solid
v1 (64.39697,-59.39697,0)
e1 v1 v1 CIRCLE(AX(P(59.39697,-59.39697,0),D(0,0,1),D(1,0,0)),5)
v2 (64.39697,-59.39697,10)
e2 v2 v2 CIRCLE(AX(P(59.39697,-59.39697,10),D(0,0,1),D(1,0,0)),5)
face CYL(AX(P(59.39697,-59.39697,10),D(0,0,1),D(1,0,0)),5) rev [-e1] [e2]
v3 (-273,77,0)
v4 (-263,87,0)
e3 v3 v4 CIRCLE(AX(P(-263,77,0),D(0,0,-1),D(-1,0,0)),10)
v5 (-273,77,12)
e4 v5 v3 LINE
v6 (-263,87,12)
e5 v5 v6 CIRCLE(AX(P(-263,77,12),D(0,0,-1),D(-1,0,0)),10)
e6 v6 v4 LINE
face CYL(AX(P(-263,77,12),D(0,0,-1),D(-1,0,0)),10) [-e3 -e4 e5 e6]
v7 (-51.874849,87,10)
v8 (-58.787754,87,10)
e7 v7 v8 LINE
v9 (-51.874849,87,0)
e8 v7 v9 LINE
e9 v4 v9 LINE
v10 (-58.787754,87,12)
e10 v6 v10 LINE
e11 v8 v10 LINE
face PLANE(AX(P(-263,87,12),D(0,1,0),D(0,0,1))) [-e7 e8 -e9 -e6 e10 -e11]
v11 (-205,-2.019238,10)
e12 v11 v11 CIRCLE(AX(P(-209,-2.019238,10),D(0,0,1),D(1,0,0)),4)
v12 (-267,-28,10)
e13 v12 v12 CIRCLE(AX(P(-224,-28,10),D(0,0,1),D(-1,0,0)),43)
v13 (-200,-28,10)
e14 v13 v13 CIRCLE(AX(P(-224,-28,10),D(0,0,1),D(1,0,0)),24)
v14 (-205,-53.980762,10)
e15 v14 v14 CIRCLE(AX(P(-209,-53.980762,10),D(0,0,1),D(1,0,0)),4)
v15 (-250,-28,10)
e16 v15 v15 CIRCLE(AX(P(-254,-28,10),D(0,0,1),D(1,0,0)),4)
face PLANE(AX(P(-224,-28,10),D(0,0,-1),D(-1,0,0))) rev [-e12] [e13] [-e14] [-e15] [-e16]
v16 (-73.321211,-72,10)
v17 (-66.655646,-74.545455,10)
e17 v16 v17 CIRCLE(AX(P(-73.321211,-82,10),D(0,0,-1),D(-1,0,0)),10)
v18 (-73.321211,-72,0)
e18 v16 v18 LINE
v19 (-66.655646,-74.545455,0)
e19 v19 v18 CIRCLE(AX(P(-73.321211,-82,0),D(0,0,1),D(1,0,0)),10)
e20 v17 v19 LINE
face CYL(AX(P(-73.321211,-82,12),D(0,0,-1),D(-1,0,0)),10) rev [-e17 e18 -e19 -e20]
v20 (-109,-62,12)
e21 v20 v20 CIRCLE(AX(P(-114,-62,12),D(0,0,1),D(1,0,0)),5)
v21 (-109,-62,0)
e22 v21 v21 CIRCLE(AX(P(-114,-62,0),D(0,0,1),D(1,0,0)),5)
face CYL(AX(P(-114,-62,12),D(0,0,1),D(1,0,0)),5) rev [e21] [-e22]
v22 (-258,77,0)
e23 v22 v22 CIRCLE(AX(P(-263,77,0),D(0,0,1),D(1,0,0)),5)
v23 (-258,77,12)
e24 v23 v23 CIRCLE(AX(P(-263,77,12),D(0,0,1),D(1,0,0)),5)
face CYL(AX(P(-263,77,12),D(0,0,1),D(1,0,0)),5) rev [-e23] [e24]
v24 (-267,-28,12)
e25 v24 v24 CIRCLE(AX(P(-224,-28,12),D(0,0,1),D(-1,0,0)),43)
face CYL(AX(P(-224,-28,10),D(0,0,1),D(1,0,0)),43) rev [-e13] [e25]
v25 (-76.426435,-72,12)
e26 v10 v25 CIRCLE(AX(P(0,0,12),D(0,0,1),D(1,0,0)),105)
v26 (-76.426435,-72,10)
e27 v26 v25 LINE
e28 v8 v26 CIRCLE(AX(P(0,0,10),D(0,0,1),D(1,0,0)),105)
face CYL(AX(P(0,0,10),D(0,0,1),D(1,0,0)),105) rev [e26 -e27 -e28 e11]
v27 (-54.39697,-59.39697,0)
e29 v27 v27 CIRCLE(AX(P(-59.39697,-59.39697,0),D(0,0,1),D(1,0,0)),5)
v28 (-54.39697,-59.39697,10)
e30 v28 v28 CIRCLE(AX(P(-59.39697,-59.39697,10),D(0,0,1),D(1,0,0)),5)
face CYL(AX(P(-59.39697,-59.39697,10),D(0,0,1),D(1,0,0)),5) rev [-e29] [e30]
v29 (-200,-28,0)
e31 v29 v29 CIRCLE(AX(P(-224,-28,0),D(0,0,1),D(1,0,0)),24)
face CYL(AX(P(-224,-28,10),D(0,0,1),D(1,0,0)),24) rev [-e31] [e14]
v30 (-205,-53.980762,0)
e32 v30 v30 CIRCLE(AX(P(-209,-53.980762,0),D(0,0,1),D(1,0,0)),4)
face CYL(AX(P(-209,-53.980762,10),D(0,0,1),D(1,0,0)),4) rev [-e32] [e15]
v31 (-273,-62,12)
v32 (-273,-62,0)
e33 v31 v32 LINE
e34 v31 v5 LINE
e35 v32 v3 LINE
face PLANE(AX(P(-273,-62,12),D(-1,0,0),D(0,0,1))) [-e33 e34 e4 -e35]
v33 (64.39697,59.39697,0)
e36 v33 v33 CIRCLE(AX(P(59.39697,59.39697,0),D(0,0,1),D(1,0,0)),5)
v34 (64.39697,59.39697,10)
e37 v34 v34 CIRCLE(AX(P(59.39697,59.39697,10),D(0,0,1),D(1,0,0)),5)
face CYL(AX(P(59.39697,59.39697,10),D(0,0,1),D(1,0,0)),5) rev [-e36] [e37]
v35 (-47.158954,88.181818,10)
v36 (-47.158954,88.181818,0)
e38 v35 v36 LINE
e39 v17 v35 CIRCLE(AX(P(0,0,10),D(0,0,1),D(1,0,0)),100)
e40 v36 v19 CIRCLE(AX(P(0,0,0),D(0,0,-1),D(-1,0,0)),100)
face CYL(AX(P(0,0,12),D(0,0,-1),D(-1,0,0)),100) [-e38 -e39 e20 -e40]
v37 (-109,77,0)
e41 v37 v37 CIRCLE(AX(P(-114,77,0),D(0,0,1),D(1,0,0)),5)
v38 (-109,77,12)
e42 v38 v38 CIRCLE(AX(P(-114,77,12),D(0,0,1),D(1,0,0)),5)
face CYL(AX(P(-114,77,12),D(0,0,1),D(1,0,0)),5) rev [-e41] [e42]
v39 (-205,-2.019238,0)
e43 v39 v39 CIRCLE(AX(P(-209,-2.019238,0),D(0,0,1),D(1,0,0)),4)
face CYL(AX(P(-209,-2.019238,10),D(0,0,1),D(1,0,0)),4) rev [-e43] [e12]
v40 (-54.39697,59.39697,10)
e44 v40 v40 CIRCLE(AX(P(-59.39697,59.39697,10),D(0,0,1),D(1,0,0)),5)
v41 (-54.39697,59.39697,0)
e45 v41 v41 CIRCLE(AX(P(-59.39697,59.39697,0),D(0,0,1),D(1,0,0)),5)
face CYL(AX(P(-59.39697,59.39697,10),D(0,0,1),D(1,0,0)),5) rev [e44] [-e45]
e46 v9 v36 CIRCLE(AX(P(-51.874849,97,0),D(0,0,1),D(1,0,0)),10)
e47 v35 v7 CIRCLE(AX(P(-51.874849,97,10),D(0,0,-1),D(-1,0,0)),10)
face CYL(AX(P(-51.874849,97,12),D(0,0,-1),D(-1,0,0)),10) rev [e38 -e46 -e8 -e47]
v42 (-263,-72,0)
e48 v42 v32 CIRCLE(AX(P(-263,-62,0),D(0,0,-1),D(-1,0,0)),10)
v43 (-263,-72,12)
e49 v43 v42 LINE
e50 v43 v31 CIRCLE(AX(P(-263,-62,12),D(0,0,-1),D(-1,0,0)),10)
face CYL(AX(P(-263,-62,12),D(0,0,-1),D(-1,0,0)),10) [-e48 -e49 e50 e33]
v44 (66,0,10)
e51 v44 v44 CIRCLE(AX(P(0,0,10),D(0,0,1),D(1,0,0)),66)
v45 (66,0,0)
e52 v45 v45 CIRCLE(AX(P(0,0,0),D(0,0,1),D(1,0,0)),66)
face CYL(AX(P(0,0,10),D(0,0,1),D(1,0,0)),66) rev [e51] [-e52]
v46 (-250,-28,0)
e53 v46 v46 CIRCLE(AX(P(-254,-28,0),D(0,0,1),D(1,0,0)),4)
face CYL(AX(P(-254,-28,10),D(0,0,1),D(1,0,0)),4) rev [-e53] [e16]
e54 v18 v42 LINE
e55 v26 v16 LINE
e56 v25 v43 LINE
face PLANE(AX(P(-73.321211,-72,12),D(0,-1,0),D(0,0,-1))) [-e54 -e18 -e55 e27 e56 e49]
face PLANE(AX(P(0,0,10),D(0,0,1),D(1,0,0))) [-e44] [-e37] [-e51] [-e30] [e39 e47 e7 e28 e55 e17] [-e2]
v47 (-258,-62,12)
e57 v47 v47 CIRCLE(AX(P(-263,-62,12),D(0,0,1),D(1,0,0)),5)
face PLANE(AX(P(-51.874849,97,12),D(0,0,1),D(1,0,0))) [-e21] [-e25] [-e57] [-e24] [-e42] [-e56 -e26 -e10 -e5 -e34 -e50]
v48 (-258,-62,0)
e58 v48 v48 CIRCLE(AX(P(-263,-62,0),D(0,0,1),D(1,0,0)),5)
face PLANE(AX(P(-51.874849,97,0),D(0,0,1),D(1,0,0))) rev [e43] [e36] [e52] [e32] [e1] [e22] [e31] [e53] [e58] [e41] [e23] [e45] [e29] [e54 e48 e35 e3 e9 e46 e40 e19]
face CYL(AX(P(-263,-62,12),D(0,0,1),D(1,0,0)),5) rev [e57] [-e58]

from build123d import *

# Parameters (mm, degrees)
EXTRUSION1_DEPTH                 = 12
ENL_V_START                      = -2
ENL_V_MAT_EXTRU_1_DEPTH          = 2
ESQUISSE3_R                      = 43
ENL_V_MAT_EXTRU_2_DEPTH          = 2
DIAM_TRE_DU_PER_AGE_M10_0_10_1_D = 10
DIAM_TRE_DU_PER_AGE_M10_0_10_2_D = 10
DIAM_TRE_DU_PER_AGE_M10_0_10_3_D = 10
DIAM_TRE_DU_PER_AGE_M10_0_10_4_D = 10
PER_AGE1_D                       = 132
DIAM_TRE_DU_PER_AGE_M10_0_10_5_D = 10
DIAM_TRE_DU_PER_AGE_M10_0_10_6_D = 10
DIAM_TRE_DU_PER_AGE_M8_0_8_1_D   = 8
DIAM_TRE_DU_PER_AGE_M8_0_8_2_D   = 8
DIAM_TRE_DU_PER_AGE_M8_0_8_3_D   = 8
D_GAGEMENT_M421_D                = 48
DIAM_TRE_DU_PER_AGE_M10_0_10_7_D = 10
DIAM_TRE_DU_PER_AGE_M10_0_10_8_D = 10


with BuildPart() as part:
    # Esquisse1 → Extrusion1 (new body)
    with BuildSketch(Plane(origin=(0, 0, 0), x_dir=(-1, 0, 0), z_dir=(0, 0, -1))):
        with BuildLine():
            Line((73.321211119, -72), (263, -72))
            ThreePointArc((263, -72), (270.071067812, -69.071067812), (273, -62))
            Line((273, -62), (273, 77))
            ThreePointArc((273, 77), (270.071067812, 84.071067812), (263, 87))
            Line((263, 87), (51.874849397, 87))
            ThreePointArc((51.874849397, 87), (49.443987223, 87.29995314), (47.158953998, 88.181818182))
            ThreePointArc((47.158953998, 88.181818182), (-99.289889427, -11.896127843), (66.655646472, -74.545454545))
            ThreePointArc((66.655646472, -74.545454545), (69.753680779, -72.65801267), (73.321211119, -72))
        make_face()
    extrude(amount=-EXTRUSION1_DEPTH)

    # Esquisse2 → Enlèv. mat.-Extru.1 (cut)
    with BuildSketch(Plane.XY.offset(12).offset(ENL_V_START)):
        with BuildLine():
            Line((-51.874849397, 87), (-58.787753827, 87))
            ThreePointArc((-58.787753827, 87), (-104.359806581, 11.577165901), (-76.426435217, -72))
            Line((-76.426435217, -72), (-73.321211119, -72))
            ThreePointArc((-73.321211119, -72), (-69.753680779, -72.65801267), (-66.655646472, -74.545454545))
            ThreePointArc((-66.655646472, -74.545454545), (99.289889427, -11.896127843), (-47.158953998, 88.181818182))
            ThreePointArc((-47.158953998, 88.181818182), (-49.443987223, 87.29995314), (-51.874849397, 87))
        make_face()
    extrude(amount=ENL_V_MAT_EXTRU_1_DEPTH, mode=Mode.SUBTRACT)

    # Esquisse3 → Enlèv. mat.-Extru.2 (cut)
    with BuildSketch(Plane.XY.offset(12)):
        with Locations(Location((-224, -28, 0), (0, 0, 180))):
            Circle(ESQUISSE3_R)
    extrude(amount=-ENL_V_MAT_EXTRU_2_DEPTH, mode=Mode.SUBTRACT)

    # Diamètre du perçage M10.0 (10)1 (through all)
    with Locations(Plane.XY.offset(10)):
        with Locations((59.39696962, -59.39696962)):
            Hole(DIAM_TRE_DU_PER_AGE_M10_0_10_1_D / 2)

    # Diamètre du perçage M10.0 (10)2 (through all)
    with Locations(Plane.XY.offset(10)):
        with Locations((59.39696962, 59.39696962)):
            Hole(DIAM_TRE_DU_PER_AGE_M10_0_10_2_D / 2)

    # Diamètre du perçage M10.0 (10)3 (through all)
    with Locations(Plane.XY.offset(12)):
        with Locations((-114, 77)):
            Hole(DIAM_TRE_DU_PER_AGE_M10_0_10_3_D / 2)

    # Diamètre du perçage M10.0 (10)4 (through all)
    with Locations(Plane.XY.offset(10)):
        with Locations((-59.39696962, 59.39696962)):
            Hole(DIAM_TRE_DU_PER_AGE_M10_0_10_4_D / 2)

    # Perçage1 (through all)
    with Locations(Plane.XY.offset(10)):
        with Locations((0, 0)):
            Hole(PER_AGE1_D / 2)

    # Diamètre du perçage M10.0 (10)5 (through all)
    with Locations(Plane.XY.offset(10)):
        with Locations((-59.39696962, -59.39696962)):
            Hole(DIAM_TRE_DU_PER_AGE_M10_0_10_5_D / 2)

    # Diamètre du perçage M10.0 (10)6 (through all)
    with Locations(Plane.XY.offset(12)):
        with Locations((-114, -62)):
            Hole(DIAM_TRE_DU_PER_AGE_M10_0_10_6_D / 2)

    # Diamètre du perçage M8.0 (8)1 (through all)
    with Locations(Plane.XY.offset(10)):
        with Locations((-209, -2.019237886)):
            Hole(DIAM_TRE_DU_PER_AGE_M8_0_8_1_D / 2)

    # Diamètre du perçage M8.0 (8)2 (through all)
    with Locations(Plane.XY.offset(10)):
        with Locations((-254, -28)):
            Hole(DIAM_TRE_DU_PER_AGE_M8_0_8_2_D / 2)

    # Diamètre du perçage M8.0 (8)3 (through all)
    with Locations(Plane.XY.offset(10)):
        with Locations((-209, -53.980762114)):
            Hole(DIAM_TRE_DU_PER_AGE_M8_0_8_3_D / 2)

    # Dégagement M421 (through all)
    with Locations(Plane.XY.offset(10)):
        with Locations((-224, -28)):
            Hole(D_GAGEMENT_M421_D / 2)

    # Diamètre du perçage M10.0 (10)7 (through all)
    with Locations(Plane.XY.offset(12)):
        with Locations((-263, -62)):
            Hole(DIAM_TRE_DU_PER_AGE_M10_0_10_7_D / 2)

    # Diamètre du perçage M10.0 (10)8 (through all)
    with Locations(Plane.XY.offset(12)):
        with Locations((-263, 77)):
            Hole(DIAM_TRE_DU_PER_AGE_M10_0_10_8_D / 2)


solid = part.part
